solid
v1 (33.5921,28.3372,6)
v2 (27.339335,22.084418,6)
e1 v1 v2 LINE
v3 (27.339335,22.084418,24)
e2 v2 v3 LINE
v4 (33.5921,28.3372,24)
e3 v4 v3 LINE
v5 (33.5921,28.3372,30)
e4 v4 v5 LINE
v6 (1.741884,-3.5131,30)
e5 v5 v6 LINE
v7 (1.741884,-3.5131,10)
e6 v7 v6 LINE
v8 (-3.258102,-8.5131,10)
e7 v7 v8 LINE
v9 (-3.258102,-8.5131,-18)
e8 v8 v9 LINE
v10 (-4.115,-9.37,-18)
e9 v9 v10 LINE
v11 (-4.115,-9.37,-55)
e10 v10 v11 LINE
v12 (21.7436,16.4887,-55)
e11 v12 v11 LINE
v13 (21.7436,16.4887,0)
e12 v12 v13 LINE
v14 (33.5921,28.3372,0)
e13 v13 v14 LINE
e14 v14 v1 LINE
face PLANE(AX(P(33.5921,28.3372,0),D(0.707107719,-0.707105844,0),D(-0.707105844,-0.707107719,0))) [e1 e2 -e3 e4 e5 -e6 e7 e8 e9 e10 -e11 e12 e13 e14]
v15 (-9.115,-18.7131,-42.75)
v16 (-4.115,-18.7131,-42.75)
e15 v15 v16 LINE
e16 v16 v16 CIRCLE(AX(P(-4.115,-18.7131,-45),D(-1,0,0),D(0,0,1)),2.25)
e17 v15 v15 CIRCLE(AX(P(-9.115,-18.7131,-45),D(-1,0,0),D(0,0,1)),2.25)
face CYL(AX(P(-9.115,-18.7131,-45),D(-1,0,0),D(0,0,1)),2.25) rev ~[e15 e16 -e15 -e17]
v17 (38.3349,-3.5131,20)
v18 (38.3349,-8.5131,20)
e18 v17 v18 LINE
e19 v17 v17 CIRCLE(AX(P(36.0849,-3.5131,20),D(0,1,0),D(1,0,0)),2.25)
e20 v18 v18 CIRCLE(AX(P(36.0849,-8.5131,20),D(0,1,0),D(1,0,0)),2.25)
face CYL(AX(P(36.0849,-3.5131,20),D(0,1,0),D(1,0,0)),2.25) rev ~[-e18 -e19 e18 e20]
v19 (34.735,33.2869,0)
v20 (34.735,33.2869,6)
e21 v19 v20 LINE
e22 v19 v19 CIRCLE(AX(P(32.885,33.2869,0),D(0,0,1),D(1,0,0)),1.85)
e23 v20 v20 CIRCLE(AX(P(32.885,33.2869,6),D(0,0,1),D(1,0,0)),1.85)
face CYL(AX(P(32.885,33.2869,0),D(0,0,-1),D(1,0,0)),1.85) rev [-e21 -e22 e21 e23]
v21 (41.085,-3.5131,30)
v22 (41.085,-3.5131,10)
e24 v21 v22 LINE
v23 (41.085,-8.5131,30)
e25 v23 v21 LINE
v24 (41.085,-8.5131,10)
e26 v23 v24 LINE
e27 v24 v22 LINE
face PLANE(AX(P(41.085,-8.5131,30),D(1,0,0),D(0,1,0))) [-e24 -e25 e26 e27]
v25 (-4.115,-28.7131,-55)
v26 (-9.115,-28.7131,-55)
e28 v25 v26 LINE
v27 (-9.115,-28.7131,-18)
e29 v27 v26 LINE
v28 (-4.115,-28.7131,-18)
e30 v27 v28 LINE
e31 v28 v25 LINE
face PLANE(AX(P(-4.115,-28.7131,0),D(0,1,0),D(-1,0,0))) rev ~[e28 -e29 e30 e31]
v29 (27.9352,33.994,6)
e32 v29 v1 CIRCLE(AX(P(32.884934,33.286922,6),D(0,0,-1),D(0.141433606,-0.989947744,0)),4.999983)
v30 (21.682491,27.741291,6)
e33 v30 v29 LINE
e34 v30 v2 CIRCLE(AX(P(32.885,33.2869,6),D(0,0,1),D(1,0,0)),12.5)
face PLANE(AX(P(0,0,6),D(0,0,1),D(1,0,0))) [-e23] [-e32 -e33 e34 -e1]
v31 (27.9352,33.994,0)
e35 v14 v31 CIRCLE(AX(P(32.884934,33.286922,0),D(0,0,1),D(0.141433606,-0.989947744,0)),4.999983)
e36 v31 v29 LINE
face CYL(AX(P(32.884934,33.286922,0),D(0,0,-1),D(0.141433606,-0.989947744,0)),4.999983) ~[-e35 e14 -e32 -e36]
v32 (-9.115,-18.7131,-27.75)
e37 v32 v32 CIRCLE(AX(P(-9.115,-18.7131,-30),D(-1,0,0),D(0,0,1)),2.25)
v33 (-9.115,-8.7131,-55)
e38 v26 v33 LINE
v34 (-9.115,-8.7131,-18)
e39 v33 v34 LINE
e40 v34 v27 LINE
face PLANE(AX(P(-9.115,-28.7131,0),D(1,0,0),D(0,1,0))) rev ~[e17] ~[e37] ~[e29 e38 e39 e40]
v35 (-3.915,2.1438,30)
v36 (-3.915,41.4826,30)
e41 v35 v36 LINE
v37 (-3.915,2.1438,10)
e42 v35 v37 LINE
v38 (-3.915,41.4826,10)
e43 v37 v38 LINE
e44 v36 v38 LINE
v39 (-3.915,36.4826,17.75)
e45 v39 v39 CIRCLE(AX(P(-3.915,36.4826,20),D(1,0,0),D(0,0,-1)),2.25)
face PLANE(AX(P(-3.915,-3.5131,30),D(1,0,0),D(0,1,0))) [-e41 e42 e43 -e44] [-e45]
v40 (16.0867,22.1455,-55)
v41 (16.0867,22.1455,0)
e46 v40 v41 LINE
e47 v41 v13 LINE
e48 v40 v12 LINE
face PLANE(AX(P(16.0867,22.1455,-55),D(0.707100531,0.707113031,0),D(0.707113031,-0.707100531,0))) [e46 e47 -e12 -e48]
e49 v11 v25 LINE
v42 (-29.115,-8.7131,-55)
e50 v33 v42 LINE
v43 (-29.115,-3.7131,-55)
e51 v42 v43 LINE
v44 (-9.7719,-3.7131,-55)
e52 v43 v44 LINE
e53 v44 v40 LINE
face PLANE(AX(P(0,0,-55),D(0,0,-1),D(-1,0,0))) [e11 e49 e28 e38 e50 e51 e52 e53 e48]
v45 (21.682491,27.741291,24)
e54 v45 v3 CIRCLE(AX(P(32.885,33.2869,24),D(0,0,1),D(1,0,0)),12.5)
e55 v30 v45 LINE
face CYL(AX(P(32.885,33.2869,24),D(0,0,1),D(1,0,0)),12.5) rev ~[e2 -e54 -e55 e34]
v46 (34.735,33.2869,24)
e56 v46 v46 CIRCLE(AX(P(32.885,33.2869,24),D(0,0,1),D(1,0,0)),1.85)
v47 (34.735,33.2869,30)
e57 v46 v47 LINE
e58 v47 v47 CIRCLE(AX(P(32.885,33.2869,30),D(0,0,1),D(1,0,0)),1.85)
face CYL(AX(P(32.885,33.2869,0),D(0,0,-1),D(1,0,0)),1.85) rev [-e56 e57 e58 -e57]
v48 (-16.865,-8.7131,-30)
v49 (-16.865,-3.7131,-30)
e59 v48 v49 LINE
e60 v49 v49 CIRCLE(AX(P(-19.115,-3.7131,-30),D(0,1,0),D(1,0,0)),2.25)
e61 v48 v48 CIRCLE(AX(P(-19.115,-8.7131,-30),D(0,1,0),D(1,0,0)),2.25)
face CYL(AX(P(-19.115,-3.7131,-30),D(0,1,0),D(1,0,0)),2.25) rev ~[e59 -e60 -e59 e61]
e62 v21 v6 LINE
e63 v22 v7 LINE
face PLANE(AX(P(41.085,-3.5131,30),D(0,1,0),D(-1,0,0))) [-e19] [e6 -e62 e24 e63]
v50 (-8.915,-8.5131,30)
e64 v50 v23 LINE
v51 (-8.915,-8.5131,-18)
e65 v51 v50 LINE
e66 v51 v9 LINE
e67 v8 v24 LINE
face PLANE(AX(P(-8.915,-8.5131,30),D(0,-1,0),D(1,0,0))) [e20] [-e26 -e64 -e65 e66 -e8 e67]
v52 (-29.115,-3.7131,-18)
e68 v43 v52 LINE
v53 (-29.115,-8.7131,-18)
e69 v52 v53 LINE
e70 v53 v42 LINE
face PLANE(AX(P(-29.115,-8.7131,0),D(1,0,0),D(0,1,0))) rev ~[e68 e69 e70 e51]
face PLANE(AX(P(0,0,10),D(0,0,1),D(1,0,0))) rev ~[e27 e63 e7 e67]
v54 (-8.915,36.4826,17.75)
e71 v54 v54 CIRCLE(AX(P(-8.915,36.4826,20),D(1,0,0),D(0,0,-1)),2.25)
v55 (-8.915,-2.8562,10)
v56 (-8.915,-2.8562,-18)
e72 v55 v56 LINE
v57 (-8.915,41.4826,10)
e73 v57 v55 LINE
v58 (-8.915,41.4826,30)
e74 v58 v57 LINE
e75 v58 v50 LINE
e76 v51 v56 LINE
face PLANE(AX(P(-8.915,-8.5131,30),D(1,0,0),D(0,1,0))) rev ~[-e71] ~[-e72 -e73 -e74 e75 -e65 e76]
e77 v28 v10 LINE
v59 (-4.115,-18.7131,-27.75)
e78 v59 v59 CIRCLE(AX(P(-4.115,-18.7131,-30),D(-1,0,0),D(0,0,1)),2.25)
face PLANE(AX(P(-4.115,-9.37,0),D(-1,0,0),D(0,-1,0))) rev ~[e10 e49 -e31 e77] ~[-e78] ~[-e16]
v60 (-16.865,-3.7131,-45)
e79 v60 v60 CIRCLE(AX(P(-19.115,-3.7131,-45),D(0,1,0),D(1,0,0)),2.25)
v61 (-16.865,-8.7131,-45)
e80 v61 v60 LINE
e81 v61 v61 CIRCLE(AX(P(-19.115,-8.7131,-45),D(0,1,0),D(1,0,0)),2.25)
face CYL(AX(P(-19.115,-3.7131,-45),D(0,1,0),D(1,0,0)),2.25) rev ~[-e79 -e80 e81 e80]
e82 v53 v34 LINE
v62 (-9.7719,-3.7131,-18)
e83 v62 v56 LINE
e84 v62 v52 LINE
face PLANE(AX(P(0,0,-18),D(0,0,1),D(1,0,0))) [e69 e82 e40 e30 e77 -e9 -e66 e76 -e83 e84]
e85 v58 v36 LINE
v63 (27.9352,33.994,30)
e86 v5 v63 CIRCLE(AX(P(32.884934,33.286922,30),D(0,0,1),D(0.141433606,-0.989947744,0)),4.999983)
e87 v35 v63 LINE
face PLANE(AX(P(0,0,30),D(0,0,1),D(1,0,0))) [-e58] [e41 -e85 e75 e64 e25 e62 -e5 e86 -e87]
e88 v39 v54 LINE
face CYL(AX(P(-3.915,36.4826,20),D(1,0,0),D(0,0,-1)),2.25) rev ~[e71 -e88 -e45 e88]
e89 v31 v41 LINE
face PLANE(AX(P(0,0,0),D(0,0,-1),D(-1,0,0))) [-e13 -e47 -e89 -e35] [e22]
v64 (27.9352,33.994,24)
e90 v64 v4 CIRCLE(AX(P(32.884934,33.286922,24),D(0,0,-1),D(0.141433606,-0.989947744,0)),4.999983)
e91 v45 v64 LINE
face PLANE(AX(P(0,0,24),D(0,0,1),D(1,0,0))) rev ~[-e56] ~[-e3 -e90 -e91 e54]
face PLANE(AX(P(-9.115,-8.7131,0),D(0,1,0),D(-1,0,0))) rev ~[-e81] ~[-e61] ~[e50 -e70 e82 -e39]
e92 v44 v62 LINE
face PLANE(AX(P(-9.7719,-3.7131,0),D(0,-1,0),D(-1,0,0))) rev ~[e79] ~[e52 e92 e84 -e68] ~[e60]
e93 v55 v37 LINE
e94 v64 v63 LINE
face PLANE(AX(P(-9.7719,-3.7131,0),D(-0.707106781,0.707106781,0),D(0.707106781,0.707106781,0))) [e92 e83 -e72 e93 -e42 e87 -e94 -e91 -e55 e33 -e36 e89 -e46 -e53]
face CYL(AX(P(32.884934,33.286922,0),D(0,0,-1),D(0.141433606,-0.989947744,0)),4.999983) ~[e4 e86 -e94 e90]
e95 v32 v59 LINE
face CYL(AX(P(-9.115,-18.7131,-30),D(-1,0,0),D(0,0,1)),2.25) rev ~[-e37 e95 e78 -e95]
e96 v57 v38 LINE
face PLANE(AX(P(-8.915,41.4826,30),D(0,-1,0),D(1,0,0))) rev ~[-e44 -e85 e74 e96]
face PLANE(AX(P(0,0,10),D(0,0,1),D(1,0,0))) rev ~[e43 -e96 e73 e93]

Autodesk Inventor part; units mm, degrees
ref_plane "YZ Plane" through (0, 0, 0) normal (1, 0, 0) x (0, 1, 0)
ref_plane "XZ Plane" through (0, 0, 0) normal (0, 1, 0) x (-1, 0, 0)
sketch "Sketch1" plane through (0, 0, 0) normal (0, 0, 1) x (1, 0, 0)
  line L0 (-9.7719, -3.7131) -> (-29.115, -3.7131)
  line L1 (-29.115, -3.7131) -> (-29.115, -8.7131)
  line L2 (-29.115, -8.7131) -> (-9.115, -8.7131)
  line L3 (-9.115, -8.7131) -> (-9.115, -28.7131)
  line L4 (-9.115, -28.7131) -> (-4.115, -28.7131)
  line L5 (-4.115, -28.7131) -> (-4.115, -9.37)
  line L6 (-9.7719, -3.7131) -> (27.9352, 33.994)
  line L7 (33.5921, 28.3372) -> (-4.115, -9.37)
  circle A0 centre (32.885, 33.2869) radius 1.85
  arc A1 (33.5921, 28.3372) -> (27.9352, 33.994) centre (32.885, 33.2869) ccw
  dimension "d0" = 20
  dimension "d1" = 20
  dimension "d2" = 5
  dimension "d3" = 5
  dimension "d7" = 42
  dimension "d8" = 42
  dimension "d9" = 3.7
  dimension "d18" = 5
  dimension "d19" = 135
  dimension "d67" = 8
extrude "Extrusion1" add sketch "Sketch1" along normal blind 30
ref_plane "Work Plane1" through (0, 0, 24) normal (0, 0, 1) x (1, 0, 0)
sketch "Sketch3" plane through (0, 0, 24) normal (0, 0, 1) x (1, 0, 0)
  circle A0 centre (32.885, 33.2869) radius 1.85 projected
  circle A1 centre (32.885, 33.2869) radius 12.5
  point P0 (0, 0)
  dimension "d13" = 25
extrude "Extrusion3" cut sketch "Sketch3" against normal blind 18
sketch "Sketch5" plane through (0, 0, 0) normal (0, 0, -1) x (-1, 0, 0)
  circle A0 centre (-32.885, 33.2869) radius 1.85 projected
  line L0 (29.115, -8.7131) -> (29.115, -3.7131) projected
  line L1 (29.115, -3.7131) -> (9.7719, -3.7131) projected
  line L2 (9.7719, -3.7131) -> (-27.9352, 33.994) projected
  arc A1 (-27.9352, 33.994) -> (-33.5921, 28.3372) centre (-32.885, 33.2869) ccw projected
  line L3 (-33.5921, 28.3372) -> (4.115, -9.37) projected
  line L4 (4.115, -9.37) -> (4.115, -28.7131) projected
  line L5 (4.115, -28.7131) -> (9.115, -28.7131) projected
  line L6 (9.115, -28.7131) -> (9.115, -8.7131) projected
  line L7 (9.115, -8.7131) -> (29.115, -8.7131) projected
  line L8 (4.115, -9.37) -> (9.7719, -3.7131)
  point P0 (0, 0)
extrude "Extrusion5" add sketch "Sketch5" along normal blind 55
sketch "Sketch8" plane through (-9.115, -28.7131, -55) normal (-1, 0, 0) x (0, 0, 1)
  circle A0 centre (10, 10) radius 2.25
  line L0 (85, 0) -> (0, 0) projected
  line L1 (0, 0) -> (0, 20) projected
  circle A1 centre (25, 10) radius 2.25
  point P0 (55, 28.7131)
  dimension "d40" = 4.5
  dimension "d41" = 10
  dimension "d42" = 10
  dimension "d43" = 4.5
  dimension "d44" = 10
  dimension "d45" = 15
sketch "Sketch9" plane through (-29.115, -3.7131, 30) normal (0, 1, 0) x (1, 0, 0)
  circle A0 centre (10, 75) radius 2.25
  circle A1 centre (10, 60) radius 2.25
  line L0 (0, 85) -> (19.3431, 85) projected
  line L1 (0, 0) -> (0, 85) projected
  point P0 (29.115, 30)
  dimension "d46" = 10
  dimension "d47" = 10
  dimension "d48" = 10
  dimension "d49" = 15
  dimension "d50" = 4.5
  dimension "d51" = 4.5
extrude "Extrusion8" cut sketch "Sketch9" against normal mid plane 20
extrude "Extrusion9" cut sketch "Sketch8" against normal blind 20
sketch "Sketch10" plane through (0, 0, 30) normal (0, 0, 1) x (1, 0, 0)
  line L0 (-10.9341, 2.1461) -> (2.7686, -11.5566)
  line L1 (2.7686, -11.5566) -> (2.7686, -32.7748)
  line L2 (2.7686, -32.7748) -> (-29.9337, -32.7748)
  line L3 (-29.9337, -32.7748) -> (-29.9337, 2.1461)
  line L4 (-29.9337, 2.1461) -> (-10.9341, 2.1461)
  line L5 (-8.915, -8.5131) -> (-0.2749, -8.5131)
  line L6 (-8.915, -8.5131) -> (-8.915, 0.127)
  line L7 (-9.115, -8.7131) -> (-9.115, -28.7131) projected
  point P0 (0, 0)
  point P1 (-4.0828, -4.7053)
  dimension "d56" = 135
  dimension "d65" = 0.2
  dimension "d66" = 0.2
extrude "Extrusion10" cut sketch "Sketch10" against normal blind 48 contours L0 L6 L5 L1 L2 L3 L4
sketch "Sketch12" plane through (0, 0, 30) normal (0, 0, 1) x (1, 0, 0)
  line L0 (-8.915, -8.5131) -> (-3.2582, -8.5131) projected
  line L1 (-3.2582, -8.5131) -> (-8.915, -8.5131)
  line L2 (-8.915, -8.5131) -> (-8.915, 41.4826)
  line L3 (-8.915, 41.4826) -> (-3.915, 41.4826)
  line L4 (-8.915, -2.8562) -> (-8.915, -8.5131) projected
  line L5 (-8.915, -8.5131) -> (41.085, -8.5131)
  line L6 (41.085, -8.5131) -> (41.085, -3.5131)
  line L7 (41.085, -3.5131) -> (-8.915, -3.5131)
  line L8 (-8.915, -3.5131) -> (-8.915, -8.5131)
  line L9 (-3.915, -8.5131) -> (-3.915, 41.4826)
  point P0 (0, 0)
  point P1 (-8.915, -3.5131)
  point P2 (-3.915, -3.5131)
  dimension "d68" = 5
  dimension "d70" = 50
  dimension "d71" = 50
  dimension "d75" = 0
  dimension "d76" = 5
extrude "Extrusion12" add sketch "Sketch12" against normal blind 20
sketch "Sketch13" plane through (-3.915, 2.1438, 30) normal (1, 0, 0) x (0, 0, -1)
  circle A0 centre (10, 34.3388) radius 2.25
  line L0 (0, 0) -> (0, 39.3388) projected
  line L1 (0, 39.3388) -> (20, 39.3388) projected
  point P0 (30, -2.1438)
  dimension "d77" = 10
  dimension "d78" = 5
  dimension "d79" = 4.5
sketch "Sketch14" plane through (1.7418, -3.5131, 30) normal (0, 1, 0) x (1, 0, 0)
  circle A0 centre (34.3431, 10) radius 2.25
  line L0 (39.3431, 0) -> (39.3431, 20) projected
  line L1 (39.3431, 0) -> (0, 0) projected
  point P0 (-1.7418, 30)
  dimension "d80" = 5
  dimension "d81" = 4.5
  dimension "d82" = 10
extrude "Extrusion13" cut sketch "Sketch13" against normal blind 20
extrude "Extrusion14" cut sketch "Sketch14" against normal blind 20
sketch "Sketch15" plane through (0, 0, -55) normal (0, 0, -1) x (-1, 0, 0)
  line L0 (-27.9352, 33.994) -> (3.915, 2.1438) projected
  line L1 (-16.0867, 22.1455) -> (-21.7436, 16.4887)
  line L2 (-1.7418, -3.5131) -> (-33.5921, 28.3372) projected
  line L3 (-24.5175, 13.7148) -> (-29.4962, 12.412)
  circle A0 centre (-32.885, 33.2869) radius 1.85 projected
  line L4 (29.115, -8.7131) -> (29.115, -3.7131) projected
  line L5 (29.115, -3.7131) -> (9.7719, -3.7131) projected
  line L6 (9.7719, -3.7131) -> (-27.9352, 33.994) projected
  arc A1 (-27.9352, 33.994) -> (-33.5921, 28.3372) centre (-32.885, 33.2869) ccw projected
  line L7 (-33.5921, 28.3372) -> (4.115, -9.37) projected
  line L8 (4.115, -9.37) -> (4.115, -28.7131) projected
  line L9 (4.115, -28.7131) -> (9.115, -28.7131) projected
  line L10 (9.115, -28.7131) -> (9.115, -8.7131) projected
  line L11 (9.115, -8.7131) -> (29.115, -8.7131) projected
  point P0 (0, 0)
extrude "Extrusion15" cut sketch "Sketch15" against normal blind 55 contours L0 L1 L2 A1
equation "\"d8\" = d7"
equation "\"d43\" = d40"
equation "\"d44\" = d41"
equation "\"d71\" = d70"
equation "\"RodDiameter\" = 8"
equation "\"VerticalBearingOD\" = 16"
equation "\"PrintingClearance\" = 0.2"
equation "\"TubeID\" = 18"
equation "\"XLinearBearingOD\" = 19"
properties part number "PulleyHolderXY" material "PET Plastic"
